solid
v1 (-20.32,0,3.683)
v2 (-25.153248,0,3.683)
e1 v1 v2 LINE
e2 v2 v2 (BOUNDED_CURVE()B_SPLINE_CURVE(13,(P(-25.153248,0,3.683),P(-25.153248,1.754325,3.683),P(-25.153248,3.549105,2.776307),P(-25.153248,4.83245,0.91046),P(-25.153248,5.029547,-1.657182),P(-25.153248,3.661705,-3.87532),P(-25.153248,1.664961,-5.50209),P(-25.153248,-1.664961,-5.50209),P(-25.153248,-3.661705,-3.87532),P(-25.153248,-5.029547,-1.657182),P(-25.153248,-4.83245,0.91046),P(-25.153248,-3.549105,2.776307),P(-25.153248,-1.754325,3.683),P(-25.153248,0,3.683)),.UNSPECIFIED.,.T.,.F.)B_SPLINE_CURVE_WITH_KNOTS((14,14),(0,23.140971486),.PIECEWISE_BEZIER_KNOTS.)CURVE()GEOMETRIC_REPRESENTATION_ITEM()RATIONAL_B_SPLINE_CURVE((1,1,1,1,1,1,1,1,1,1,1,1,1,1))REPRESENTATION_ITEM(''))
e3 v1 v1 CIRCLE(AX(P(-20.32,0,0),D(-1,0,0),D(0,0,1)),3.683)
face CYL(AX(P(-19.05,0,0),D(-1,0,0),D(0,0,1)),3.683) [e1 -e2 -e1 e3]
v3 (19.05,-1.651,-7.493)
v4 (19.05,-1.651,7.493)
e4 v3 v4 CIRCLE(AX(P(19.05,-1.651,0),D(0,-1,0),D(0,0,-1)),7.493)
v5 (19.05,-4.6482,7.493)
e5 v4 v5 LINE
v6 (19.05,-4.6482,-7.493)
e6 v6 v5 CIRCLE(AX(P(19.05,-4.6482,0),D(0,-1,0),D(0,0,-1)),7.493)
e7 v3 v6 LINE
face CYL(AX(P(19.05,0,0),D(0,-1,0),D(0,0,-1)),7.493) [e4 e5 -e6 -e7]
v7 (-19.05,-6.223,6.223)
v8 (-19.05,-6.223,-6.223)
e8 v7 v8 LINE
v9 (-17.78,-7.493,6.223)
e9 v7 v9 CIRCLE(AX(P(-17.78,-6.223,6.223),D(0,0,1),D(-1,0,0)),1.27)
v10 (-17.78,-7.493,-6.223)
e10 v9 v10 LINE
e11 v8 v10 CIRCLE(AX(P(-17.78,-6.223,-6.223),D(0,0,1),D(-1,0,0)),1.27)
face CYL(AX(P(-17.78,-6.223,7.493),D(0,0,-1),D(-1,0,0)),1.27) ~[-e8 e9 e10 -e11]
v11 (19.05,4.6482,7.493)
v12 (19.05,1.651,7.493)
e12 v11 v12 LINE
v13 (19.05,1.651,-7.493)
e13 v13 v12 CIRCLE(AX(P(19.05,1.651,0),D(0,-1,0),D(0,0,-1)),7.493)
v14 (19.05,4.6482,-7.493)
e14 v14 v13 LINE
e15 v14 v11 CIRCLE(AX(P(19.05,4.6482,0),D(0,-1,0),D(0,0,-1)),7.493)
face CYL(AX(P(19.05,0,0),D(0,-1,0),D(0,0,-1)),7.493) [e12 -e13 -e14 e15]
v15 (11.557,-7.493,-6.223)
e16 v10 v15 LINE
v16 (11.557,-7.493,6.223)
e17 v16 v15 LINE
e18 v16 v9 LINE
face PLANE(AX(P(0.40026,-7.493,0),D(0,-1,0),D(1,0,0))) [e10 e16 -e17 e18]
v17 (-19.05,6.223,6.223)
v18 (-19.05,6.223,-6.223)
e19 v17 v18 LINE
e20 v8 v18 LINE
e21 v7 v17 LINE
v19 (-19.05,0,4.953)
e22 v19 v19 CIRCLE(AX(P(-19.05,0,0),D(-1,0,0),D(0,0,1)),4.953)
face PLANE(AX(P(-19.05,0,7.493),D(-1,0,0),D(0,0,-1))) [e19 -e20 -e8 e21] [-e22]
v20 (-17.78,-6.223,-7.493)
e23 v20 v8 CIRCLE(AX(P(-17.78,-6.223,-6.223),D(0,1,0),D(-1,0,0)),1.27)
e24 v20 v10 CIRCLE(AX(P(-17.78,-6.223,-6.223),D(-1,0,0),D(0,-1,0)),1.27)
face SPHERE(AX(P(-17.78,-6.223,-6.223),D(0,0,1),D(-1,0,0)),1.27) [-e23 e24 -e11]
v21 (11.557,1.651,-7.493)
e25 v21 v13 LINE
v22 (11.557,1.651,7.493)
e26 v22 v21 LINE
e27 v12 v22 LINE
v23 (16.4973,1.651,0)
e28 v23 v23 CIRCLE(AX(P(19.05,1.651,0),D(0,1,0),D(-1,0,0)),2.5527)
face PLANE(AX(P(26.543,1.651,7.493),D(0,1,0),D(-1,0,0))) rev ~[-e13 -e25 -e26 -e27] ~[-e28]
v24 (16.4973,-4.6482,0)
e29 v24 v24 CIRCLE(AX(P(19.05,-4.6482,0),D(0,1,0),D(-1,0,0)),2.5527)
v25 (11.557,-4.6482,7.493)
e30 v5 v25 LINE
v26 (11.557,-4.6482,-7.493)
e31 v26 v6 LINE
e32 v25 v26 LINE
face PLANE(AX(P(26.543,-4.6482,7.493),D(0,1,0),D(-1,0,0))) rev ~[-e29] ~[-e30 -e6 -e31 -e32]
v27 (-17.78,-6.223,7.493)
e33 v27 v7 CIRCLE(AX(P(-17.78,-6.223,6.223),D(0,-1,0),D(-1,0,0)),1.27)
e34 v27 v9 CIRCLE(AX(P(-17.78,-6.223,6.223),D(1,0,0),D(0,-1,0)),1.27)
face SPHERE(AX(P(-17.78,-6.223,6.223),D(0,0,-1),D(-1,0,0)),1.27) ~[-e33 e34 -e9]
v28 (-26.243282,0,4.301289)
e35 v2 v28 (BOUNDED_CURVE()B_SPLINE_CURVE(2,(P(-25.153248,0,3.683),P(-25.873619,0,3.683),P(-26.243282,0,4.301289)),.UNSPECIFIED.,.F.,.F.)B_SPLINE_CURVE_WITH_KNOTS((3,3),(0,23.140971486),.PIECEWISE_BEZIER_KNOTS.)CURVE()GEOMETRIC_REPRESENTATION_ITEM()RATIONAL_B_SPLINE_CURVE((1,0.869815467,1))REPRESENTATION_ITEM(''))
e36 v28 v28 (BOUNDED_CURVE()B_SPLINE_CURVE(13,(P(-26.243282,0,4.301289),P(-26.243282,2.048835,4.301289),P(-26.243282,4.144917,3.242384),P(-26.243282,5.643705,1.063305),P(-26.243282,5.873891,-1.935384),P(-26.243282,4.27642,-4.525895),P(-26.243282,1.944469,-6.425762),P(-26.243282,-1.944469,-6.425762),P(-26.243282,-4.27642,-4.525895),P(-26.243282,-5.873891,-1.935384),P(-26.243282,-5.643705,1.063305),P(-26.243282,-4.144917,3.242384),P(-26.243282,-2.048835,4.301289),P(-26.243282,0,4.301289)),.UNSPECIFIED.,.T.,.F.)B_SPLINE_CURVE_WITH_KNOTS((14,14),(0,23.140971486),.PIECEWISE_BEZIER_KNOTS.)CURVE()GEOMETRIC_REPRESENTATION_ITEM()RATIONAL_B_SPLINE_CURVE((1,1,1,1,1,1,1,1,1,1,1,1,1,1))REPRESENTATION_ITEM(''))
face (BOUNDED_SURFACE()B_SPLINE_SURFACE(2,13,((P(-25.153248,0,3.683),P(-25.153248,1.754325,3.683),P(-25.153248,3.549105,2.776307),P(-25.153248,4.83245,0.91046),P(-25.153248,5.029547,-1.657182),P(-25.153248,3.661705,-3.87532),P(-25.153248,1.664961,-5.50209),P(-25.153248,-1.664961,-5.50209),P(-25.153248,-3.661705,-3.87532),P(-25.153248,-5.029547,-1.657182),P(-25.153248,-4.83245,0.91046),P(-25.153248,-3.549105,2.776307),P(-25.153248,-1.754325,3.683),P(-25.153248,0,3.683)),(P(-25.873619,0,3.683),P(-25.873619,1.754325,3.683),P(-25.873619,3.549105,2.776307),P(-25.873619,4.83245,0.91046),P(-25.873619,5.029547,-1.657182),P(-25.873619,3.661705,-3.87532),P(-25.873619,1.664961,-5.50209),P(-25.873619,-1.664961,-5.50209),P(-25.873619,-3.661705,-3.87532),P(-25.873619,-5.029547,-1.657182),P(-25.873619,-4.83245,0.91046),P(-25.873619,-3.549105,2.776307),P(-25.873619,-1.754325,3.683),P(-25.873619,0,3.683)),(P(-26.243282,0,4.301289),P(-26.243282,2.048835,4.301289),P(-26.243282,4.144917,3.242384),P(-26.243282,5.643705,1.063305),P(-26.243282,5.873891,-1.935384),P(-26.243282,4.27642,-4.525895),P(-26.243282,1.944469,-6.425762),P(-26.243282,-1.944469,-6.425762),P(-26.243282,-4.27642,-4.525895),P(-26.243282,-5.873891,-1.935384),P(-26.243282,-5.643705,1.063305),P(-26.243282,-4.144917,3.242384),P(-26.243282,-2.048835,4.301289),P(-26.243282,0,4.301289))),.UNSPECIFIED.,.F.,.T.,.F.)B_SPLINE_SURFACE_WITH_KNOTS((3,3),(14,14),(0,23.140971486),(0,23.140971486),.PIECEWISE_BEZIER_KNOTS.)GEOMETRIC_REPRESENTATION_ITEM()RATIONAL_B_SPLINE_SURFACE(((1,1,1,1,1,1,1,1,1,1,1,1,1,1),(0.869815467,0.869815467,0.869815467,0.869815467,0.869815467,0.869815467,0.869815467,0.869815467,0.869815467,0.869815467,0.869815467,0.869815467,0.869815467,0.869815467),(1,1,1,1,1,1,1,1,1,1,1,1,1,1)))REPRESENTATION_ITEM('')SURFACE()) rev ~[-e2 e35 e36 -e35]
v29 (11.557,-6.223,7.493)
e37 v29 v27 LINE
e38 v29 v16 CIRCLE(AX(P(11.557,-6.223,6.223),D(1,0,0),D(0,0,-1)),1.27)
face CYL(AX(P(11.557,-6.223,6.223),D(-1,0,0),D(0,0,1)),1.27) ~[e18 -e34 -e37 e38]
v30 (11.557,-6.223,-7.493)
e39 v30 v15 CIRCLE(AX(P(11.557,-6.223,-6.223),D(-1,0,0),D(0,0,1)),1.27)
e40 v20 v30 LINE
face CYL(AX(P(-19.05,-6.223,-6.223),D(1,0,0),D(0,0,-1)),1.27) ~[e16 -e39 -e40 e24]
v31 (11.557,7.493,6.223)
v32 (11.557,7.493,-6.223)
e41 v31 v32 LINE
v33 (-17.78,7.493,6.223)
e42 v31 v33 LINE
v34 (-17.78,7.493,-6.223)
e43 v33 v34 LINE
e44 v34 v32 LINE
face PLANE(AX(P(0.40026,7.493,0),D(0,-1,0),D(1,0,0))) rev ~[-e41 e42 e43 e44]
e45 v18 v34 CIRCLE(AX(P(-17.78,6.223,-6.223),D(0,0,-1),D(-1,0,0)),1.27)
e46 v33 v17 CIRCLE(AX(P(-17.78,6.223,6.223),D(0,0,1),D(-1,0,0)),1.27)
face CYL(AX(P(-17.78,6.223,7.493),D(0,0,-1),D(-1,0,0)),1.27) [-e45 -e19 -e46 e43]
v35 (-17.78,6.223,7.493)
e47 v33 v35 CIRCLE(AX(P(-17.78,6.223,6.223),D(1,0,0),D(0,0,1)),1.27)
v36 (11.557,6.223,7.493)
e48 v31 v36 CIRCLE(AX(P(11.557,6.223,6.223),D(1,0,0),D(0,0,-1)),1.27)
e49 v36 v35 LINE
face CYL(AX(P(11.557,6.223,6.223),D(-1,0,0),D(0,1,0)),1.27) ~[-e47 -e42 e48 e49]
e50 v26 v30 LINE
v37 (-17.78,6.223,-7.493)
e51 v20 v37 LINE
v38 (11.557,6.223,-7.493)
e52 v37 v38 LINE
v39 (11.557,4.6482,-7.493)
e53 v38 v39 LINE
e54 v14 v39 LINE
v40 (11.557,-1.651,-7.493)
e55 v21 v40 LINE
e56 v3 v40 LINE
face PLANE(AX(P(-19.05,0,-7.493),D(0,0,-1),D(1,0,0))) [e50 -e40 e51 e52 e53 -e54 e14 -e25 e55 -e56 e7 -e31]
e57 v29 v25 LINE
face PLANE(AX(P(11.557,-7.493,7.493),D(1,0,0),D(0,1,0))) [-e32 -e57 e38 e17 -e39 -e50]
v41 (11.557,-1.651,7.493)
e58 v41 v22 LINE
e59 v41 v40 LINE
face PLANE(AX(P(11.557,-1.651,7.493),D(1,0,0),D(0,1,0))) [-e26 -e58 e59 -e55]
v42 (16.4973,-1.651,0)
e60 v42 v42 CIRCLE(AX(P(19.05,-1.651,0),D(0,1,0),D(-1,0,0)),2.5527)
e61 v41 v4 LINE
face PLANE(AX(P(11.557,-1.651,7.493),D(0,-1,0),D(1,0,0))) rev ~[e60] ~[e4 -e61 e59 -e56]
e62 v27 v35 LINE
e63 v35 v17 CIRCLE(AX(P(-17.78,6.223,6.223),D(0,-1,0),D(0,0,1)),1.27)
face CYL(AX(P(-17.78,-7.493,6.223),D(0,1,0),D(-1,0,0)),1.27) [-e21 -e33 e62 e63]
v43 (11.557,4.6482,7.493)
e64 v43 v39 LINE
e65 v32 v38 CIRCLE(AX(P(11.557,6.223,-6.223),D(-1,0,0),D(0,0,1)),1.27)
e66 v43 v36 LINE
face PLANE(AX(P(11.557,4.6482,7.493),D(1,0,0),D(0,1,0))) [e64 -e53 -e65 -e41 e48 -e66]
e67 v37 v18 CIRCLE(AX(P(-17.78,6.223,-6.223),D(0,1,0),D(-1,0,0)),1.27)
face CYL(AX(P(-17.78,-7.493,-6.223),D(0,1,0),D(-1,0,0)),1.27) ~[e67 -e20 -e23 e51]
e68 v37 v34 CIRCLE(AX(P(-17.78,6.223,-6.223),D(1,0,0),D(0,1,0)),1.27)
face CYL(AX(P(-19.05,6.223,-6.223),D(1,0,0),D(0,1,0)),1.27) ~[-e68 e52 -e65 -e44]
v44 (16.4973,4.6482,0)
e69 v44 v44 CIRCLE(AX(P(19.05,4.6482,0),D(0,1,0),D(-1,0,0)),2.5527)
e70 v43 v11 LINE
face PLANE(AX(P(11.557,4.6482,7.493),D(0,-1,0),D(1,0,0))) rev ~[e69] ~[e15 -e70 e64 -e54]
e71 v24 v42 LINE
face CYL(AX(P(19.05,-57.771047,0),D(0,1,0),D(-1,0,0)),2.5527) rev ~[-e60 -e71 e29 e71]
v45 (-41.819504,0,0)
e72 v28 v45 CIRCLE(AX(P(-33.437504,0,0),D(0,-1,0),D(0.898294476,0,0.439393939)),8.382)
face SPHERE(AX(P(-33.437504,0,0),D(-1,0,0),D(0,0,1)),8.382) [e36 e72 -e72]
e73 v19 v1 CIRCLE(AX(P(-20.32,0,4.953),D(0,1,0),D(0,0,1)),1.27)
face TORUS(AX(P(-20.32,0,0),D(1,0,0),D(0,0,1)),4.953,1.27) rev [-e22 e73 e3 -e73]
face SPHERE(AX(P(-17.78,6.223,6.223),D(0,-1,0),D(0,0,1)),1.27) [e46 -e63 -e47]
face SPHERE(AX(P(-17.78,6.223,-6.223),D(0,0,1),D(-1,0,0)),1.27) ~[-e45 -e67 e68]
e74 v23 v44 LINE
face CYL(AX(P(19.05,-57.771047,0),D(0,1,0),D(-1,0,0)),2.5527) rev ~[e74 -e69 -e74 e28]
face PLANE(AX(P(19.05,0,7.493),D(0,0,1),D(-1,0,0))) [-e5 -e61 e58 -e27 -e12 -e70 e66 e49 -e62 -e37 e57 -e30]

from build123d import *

# Parameters (mm, degrees)
F1_DEPTH      = 7.493
F1_DEPTH_BACK = 7.493
F3_D          = 5.1054
F4_W          = 7.493
F4_H          = 2.8448
F4_H_2        = 3.302
F5_DEPTH      = 25.4
F8_R          = 1.27
F9_R          = 1.27


with BuildPart() as f1:
    # F0 (on Front) → F1 (new body, two sides)
    with BuildSketch(Plane.XZ) as f1_sk:
        with BuildLine():
            Line((-19.05, -7.493), (19.05, -7.493))
            ThreePointArc((19.05, -7.493), (11.557, 0), (19.05, 7.493))
            Line((19.05, 7.493), (-19.05, 7.493))
            Line((-19.05, 7.493), (-19.05, -7.493))
        make_face()
        with BuildLine():
            ThreePointArc((19.05, 7.493), (11.557, 0), (19.05, -7.493))
            Line((19.05, -7.493), (19.05, 7.493))
        make_face()
        with BuildLine():
            Line((19.05, 7.493), (19.05, -7.493))
            ThreePointArc((19.05, -7.493), (24.3483511114, -5.2983511114), (26.543, 0))
            ThreePointArc((26.543, 0), (24.3483511114, 5.2983511114), (19.05, 7.493))
        make_face()
    extrude(amount=F1_DEPTH)
    extrude(f1_sk.sketch, amount=-F1_DEPTH_BACK)

    # F3 (through all)
    with Locations(Plane.XZ.offset(7.493)):
        with Locations((19.05, 0)):
            Hole(F3_D / 2)

    # F4 (on face) → F5 (cut)
    with BuildSketch(Plane.XY.offset(7.493)):
        with Locations((15.3035, 6.0706)):
            Rectangle(F4_W, F4_H)
        with Locations((22.7965, 6.0706)):
            Rectangle(F4_W, F4_H)
        with Locations((22.7965, 0)):
            Rectangle(F4_W, F4_H_2)
        with Locations((15.3035, 0)):
            Rectangle(F4_W, F4_H_2)
        with Locations((15.3035, -6.0706)):
            Rectangle(F4_W, F4_H)
        with Locations((22.7965, -6.0706)):
            Rectangle(F4_W, F4_H)
    extrude(amount=-F5_DEPTH, mode=Mode.SUBTRACT)

    # F6 (on Front) → F7 (revolve)
    with BuildSketch(Plane.XZ):
        with BuildLine():
            Line((-41.8195042998, 0), (-25.0555042998, 0))
            ThreePointArc((-25.0555042998, 0), (-25.2714088729, 1.8901876837), (-25.908, 3.683))
            ThreePointArc((-25.908, 3.683), (-35.3276919835, 8.1660954268), (-41.8195042998, 0))
        make_face()
        with BuildLine():
            Line((-25.0555042998, 0), (-19.05, 0))
            Line((-19.05, 0), (-19.05, 3.683))
            Line((-19.05, 3.683), (-25.908, 3.683))
            ThreePointArc((-25.908, 3.683), (-25.2714088729, 1.8901876837), (-25.0555042998, 0))
        make_face()
    revolve(axis=Axis((-30.4347521499, 0, 0), (-1, 0, 0)))

    # F8
    f8_edges = [f1.edges().sort_by_distance(p)[0] for p in [
        (-25.908, 0, -3.683),
        (-19.05, 0, -3.683),
    ]]
    fillet(f8_edges, radius=F8_R)

    # F9
    f9_edges = [f1.edges().sort_by_distance(p)[0] for p in [
        (-19.05, -7.493, 0),
        (-19.05, 0, 7.493),
        (-3.7465, -7.493, 7.493),
        (-3.7465, 7.493, 7.493),
        (-19.05, 7.493, 0),
        (-19.05, 0, -7.493),
        (-3.7465, 7.493, -7.493),
        (-3.7465, -7.493, -7.493),
    ]]
    fillet(f9_edges, radius=F9_R)


solid = f1.part
